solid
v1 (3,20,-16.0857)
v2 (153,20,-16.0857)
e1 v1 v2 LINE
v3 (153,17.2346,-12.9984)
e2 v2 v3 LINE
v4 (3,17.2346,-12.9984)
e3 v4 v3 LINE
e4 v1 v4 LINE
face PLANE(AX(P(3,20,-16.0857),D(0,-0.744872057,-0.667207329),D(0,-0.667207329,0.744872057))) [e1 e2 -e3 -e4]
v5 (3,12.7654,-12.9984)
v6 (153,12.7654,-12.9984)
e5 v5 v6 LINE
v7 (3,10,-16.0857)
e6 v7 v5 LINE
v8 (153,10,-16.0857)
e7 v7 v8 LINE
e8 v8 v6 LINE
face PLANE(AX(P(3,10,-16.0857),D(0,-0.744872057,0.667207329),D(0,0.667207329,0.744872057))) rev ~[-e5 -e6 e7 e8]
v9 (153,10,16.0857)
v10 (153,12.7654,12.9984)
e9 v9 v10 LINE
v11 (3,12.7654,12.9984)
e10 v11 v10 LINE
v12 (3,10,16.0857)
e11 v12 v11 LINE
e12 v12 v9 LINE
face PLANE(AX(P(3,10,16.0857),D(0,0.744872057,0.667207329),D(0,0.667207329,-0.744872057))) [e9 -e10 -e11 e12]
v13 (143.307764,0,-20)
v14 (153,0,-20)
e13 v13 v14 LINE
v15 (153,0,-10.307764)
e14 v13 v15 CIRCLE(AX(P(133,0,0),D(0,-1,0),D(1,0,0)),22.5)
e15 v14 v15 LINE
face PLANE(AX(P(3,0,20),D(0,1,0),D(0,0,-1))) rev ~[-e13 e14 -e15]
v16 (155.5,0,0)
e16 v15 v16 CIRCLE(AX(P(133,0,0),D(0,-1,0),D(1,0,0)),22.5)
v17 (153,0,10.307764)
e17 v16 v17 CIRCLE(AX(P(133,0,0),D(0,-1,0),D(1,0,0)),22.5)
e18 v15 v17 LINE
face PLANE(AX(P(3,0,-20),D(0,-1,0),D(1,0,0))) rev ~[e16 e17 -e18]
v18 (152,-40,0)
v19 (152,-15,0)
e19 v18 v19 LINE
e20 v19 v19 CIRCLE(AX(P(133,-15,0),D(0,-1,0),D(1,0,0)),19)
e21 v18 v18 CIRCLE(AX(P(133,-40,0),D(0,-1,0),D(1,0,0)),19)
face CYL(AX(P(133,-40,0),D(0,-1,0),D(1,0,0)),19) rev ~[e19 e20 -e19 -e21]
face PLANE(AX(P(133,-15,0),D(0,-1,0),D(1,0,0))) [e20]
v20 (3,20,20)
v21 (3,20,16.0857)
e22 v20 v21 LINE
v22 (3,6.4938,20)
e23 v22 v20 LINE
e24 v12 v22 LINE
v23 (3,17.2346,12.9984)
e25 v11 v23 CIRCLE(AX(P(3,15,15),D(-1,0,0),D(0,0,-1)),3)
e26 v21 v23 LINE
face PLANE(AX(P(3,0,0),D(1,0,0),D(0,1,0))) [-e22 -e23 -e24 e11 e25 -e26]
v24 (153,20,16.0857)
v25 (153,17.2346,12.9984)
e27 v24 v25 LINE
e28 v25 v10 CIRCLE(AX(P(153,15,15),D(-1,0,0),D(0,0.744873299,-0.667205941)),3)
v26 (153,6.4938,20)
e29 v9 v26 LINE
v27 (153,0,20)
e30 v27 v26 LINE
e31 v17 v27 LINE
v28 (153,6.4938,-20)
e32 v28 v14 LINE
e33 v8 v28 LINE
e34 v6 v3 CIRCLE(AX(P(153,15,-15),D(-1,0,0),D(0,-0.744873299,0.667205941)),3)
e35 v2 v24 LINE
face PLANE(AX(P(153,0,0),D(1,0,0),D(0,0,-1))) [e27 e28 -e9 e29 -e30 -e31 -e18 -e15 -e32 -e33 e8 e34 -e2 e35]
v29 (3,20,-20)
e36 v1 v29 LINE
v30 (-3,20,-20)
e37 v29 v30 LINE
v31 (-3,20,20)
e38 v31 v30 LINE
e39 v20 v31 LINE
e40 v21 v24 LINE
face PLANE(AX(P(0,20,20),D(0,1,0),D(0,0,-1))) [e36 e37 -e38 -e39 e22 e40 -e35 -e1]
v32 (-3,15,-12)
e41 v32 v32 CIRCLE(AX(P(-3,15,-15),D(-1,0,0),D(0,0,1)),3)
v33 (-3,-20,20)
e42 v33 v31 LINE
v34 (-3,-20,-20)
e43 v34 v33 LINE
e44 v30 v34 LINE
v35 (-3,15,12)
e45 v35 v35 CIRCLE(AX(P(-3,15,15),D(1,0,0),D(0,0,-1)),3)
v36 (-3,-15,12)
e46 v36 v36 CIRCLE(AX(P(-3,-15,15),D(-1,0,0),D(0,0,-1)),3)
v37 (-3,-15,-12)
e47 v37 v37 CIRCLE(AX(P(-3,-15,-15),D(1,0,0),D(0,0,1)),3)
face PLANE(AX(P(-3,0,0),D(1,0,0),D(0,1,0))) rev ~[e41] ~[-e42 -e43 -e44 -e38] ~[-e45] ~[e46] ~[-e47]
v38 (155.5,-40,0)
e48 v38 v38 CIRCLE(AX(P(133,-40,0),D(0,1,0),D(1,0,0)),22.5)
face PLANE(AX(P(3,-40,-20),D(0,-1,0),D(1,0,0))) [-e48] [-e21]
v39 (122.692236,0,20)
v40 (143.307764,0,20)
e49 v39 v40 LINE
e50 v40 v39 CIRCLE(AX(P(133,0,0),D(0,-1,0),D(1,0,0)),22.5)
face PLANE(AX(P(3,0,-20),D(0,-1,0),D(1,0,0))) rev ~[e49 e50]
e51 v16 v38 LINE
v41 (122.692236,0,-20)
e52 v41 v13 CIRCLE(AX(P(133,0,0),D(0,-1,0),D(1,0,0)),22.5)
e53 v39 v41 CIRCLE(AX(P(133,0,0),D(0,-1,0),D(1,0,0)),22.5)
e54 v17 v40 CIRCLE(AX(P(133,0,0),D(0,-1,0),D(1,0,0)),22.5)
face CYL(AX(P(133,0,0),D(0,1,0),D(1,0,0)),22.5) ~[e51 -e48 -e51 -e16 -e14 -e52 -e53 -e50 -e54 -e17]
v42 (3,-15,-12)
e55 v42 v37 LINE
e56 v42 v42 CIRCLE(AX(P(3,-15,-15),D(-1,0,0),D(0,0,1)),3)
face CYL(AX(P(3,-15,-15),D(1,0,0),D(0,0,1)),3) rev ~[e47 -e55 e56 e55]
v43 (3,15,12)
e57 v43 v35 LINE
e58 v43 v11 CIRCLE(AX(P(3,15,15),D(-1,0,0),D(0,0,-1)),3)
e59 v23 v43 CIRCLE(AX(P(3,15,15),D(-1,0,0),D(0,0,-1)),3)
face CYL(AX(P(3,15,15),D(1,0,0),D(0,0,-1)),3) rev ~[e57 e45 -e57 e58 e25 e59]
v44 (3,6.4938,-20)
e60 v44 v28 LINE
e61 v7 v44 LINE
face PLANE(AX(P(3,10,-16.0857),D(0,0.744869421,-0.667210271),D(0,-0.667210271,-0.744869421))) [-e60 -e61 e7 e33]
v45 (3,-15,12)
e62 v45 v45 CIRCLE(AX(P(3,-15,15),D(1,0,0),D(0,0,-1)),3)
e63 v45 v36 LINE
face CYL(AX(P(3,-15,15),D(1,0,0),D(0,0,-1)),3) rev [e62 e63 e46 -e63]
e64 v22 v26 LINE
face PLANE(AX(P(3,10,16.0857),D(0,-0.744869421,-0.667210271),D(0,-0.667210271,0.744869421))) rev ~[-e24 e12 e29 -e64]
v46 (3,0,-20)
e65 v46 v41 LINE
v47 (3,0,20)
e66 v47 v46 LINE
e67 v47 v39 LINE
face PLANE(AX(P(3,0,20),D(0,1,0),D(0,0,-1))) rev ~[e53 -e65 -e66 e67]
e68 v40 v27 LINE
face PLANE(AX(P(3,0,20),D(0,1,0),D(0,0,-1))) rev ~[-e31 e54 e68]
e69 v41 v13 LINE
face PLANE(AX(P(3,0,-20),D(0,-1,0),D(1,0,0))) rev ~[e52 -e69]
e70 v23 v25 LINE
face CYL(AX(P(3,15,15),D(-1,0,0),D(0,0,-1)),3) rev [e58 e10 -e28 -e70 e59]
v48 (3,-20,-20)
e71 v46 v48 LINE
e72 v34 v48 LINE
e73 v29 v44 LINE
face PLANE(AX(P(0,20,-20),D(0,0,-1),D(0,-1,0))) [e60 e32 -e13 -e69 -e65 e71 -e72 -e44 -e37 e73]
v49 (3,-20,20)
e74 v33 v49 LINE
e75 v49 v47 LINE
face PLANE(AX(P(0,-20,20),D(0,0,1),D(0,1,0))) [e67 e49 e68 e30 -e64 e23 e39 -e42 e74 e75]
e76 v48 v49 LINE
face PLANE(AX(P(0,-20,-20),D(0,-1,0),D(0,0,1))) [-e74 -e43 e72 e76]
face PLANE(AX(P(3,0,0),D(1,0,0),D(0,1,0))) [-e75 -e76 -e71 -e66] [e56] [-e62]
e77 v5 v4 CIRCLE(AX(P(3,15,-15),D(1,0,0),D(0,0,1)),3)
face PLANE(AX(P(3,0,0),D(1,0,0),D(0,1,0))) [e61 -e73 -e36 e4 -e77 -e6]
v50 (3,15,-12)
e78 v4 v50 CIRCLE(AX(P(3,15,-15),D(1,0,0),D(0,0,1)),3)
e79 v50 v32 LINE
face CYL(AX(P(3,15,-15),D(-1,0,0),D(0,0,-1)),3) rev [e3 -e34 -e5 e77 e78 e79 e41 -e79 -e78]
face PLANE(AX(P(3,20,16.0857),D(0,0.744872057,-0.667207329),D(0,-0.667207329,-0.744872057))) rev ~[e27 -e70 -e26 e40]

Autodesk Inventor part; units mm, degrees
ref_plane "YZ Plane" through (0, 0, 0) normal (1, 0, 0) x (0, 1, 0)
ref_plane "XZ Plane" through (0, 0, 0) normal (0, 1, 0) x (-1, 0, 0)
sketch "Sketch1" plane through (0, 0, 0) normal (1, 0, 0) x (0, 1, 0)
  line L0 (-20, 20) -> (20, 20)
  line L1 (20, 20) -> (20, -20)
  line L2 (20, -20) -> (-20, -20)
  line L3 (-20, -20) -> (-20, 20)
  line L4 (-20, 20) -> (20, -20) construction
  line L5 (20, 20) -> (-20, -20) construction
  point P0 (0, 0)
  dimension "d0" = 40
  dimension "d1" = 40
extrude "Extrusion1" add sketch "Sketch1" along normal mid plane 6
sketch "Sketch2" plane through (3, 0, 0) normal (1, 0, 0) x (0, 0, -1)
  line L0 (20, 20) -> (-20, 20) projected
  line L1 (-20, 20) -> (-15, 20)
  line L2 (-15, 20) -> (-15, 15)
  line L3 (-15, 15) -> (-20, 15)
  line L4 (-20, 20) -> (-20, -20) projected
  circle A0 centre (-15, 15) radius 3
  point P0 (0, 0)
  dimension "d4" = 5
  dimension "d5" = 5
  dimension "d6" = 6
extrude "Extrusion2" cut sketch "Sketch2" against normal blind 6 contours A0 L3 L2 | L2 L3 A0
mirror "Mirror1" about plane through (0, 0, 0) normal (0, 0, 1) of "Extrusion2"
mirror "Mirror2" about plane through (0, 0, 0) normal (0, 1, 0) of "Extrusion2", "Mirror1"
ref_plane "Work Plane4" through (0, 0, 20) normal (0, 0, -1) x (1, 0, 0)
ref_plane "Work Plane3" through (0, 0, 0) normal (0, 0, -1) x (1, 0, 0)
sketch "Sketch3" plane through (0, 0, 20) normal (0, 0, -1) x (1, 0, 0)
  line L0 (3, -20) -> (3, 20) projected
  line L1 (3, 0) -> (3, -15)
  line L2 (3, -15) -> (153, -15) construction
  line L3 (3, 0) -> (3, -7.5)
  point P0 (0, 0)
  dimension "d10" = 15
  dimension "d11" = 150
  dimension "d12" = 7.5
sketch "Sketch4" plane through (3, 0, 0) normal (1, 0, 0) x (0, 0, -1)
  circle A0 centre (-15, 15) radius 3 projected
  circle A1 centre (15, 15) radius 3 projected
  circle A2 centre (-15, 15) radius 3 projected
  circle A3 centre (-15, 15) radius 3
  circle A4 centre (15, 15) radius 3
  line L0 (-20, 20) -> (20, 20) projected
  line L1 (-16.0857, 20) -> (-12.9984, 17.2346)
  line L2 (-17.7822, 15) -> (18, 15)
  circle A5 centre (15, 15) radius 3 projected
  line L3 (-16.0857, 10) -> (-12.9984, 12.7654)
  line L4 (0, 20) -> (0, 0)
  line L5 (-16.0857, 10) -> (-20, 6.4938)
  line L6 (-20, -20) -> (-20, 20) projected
  line L7 (-20, 6.4938) -> (-20, 0)
  circle A6 centre (15, 15) radius 3
  line L8 (16.0857, 20) -> (12.9984, 17.2346)
  line L9 (16.0857, 10) -> (12.9984, 12.7654)
  line L10 (16.0857, 10) -> (20, 6.4938)
  line L11 (20, 6.4938) -> (20, 0)
  line L12 (-16.0857, 20) -> (16.0857, 20)
  line L13 (-20, 0) -> (20, 0)
extrude "Extrusion3" add sketch "Sketch4" along normal blind 150 contours L2 L4 L13 L6 L5 L3 A0 | A0 L1 L0 L4 L2 | L4 L0 L8 A1 L2 | L2 A1 L9 L10 L11 L13 L4
sketch "Sketch5" plane through (3, 0, -20) normal (0, -1, 0) x (1, 0, 0)
  line L0 (150, 0) -> (150, 40)
  line L1 (150, 40) -> (150, 50)
  line L2 (150, 50) -> (150, -10)
  line L3 (150, 3.9143) -> (150, 36.0857) projected
  line L4 (150, 20) -> (110, 20)
  circle A0 centre (130, 20) radius 22.5
  point P0 (-3, 20)
  dimension "d15" = 10
  dimension "d16" = 60
  dimension "d17" = 40
  dimension "d18" = 45
extrude "Extrusion4" add sketch "Sketch5" along normal blind 40
sketch "Sketch6" plane through (133, -40, 0) normal (0, -1, 0) x (1, 0, 0)
  circle A0 centre (0, 0) radius 19
  point P0 (-133, 0)
  dimension "d21" = 38
extrude "Extrusion5" cut sketch "Sketch6" against normal blind 25
ref_plane "Work Plane1" through (0, 0, 0) normal (0, 0, 1) x (1, 0, 0)
ref_plane "Work Plane2" through (0, 0, 0) normal (0, 0, -1) x (1, 0, 0)
properties part number "TopBracket"
